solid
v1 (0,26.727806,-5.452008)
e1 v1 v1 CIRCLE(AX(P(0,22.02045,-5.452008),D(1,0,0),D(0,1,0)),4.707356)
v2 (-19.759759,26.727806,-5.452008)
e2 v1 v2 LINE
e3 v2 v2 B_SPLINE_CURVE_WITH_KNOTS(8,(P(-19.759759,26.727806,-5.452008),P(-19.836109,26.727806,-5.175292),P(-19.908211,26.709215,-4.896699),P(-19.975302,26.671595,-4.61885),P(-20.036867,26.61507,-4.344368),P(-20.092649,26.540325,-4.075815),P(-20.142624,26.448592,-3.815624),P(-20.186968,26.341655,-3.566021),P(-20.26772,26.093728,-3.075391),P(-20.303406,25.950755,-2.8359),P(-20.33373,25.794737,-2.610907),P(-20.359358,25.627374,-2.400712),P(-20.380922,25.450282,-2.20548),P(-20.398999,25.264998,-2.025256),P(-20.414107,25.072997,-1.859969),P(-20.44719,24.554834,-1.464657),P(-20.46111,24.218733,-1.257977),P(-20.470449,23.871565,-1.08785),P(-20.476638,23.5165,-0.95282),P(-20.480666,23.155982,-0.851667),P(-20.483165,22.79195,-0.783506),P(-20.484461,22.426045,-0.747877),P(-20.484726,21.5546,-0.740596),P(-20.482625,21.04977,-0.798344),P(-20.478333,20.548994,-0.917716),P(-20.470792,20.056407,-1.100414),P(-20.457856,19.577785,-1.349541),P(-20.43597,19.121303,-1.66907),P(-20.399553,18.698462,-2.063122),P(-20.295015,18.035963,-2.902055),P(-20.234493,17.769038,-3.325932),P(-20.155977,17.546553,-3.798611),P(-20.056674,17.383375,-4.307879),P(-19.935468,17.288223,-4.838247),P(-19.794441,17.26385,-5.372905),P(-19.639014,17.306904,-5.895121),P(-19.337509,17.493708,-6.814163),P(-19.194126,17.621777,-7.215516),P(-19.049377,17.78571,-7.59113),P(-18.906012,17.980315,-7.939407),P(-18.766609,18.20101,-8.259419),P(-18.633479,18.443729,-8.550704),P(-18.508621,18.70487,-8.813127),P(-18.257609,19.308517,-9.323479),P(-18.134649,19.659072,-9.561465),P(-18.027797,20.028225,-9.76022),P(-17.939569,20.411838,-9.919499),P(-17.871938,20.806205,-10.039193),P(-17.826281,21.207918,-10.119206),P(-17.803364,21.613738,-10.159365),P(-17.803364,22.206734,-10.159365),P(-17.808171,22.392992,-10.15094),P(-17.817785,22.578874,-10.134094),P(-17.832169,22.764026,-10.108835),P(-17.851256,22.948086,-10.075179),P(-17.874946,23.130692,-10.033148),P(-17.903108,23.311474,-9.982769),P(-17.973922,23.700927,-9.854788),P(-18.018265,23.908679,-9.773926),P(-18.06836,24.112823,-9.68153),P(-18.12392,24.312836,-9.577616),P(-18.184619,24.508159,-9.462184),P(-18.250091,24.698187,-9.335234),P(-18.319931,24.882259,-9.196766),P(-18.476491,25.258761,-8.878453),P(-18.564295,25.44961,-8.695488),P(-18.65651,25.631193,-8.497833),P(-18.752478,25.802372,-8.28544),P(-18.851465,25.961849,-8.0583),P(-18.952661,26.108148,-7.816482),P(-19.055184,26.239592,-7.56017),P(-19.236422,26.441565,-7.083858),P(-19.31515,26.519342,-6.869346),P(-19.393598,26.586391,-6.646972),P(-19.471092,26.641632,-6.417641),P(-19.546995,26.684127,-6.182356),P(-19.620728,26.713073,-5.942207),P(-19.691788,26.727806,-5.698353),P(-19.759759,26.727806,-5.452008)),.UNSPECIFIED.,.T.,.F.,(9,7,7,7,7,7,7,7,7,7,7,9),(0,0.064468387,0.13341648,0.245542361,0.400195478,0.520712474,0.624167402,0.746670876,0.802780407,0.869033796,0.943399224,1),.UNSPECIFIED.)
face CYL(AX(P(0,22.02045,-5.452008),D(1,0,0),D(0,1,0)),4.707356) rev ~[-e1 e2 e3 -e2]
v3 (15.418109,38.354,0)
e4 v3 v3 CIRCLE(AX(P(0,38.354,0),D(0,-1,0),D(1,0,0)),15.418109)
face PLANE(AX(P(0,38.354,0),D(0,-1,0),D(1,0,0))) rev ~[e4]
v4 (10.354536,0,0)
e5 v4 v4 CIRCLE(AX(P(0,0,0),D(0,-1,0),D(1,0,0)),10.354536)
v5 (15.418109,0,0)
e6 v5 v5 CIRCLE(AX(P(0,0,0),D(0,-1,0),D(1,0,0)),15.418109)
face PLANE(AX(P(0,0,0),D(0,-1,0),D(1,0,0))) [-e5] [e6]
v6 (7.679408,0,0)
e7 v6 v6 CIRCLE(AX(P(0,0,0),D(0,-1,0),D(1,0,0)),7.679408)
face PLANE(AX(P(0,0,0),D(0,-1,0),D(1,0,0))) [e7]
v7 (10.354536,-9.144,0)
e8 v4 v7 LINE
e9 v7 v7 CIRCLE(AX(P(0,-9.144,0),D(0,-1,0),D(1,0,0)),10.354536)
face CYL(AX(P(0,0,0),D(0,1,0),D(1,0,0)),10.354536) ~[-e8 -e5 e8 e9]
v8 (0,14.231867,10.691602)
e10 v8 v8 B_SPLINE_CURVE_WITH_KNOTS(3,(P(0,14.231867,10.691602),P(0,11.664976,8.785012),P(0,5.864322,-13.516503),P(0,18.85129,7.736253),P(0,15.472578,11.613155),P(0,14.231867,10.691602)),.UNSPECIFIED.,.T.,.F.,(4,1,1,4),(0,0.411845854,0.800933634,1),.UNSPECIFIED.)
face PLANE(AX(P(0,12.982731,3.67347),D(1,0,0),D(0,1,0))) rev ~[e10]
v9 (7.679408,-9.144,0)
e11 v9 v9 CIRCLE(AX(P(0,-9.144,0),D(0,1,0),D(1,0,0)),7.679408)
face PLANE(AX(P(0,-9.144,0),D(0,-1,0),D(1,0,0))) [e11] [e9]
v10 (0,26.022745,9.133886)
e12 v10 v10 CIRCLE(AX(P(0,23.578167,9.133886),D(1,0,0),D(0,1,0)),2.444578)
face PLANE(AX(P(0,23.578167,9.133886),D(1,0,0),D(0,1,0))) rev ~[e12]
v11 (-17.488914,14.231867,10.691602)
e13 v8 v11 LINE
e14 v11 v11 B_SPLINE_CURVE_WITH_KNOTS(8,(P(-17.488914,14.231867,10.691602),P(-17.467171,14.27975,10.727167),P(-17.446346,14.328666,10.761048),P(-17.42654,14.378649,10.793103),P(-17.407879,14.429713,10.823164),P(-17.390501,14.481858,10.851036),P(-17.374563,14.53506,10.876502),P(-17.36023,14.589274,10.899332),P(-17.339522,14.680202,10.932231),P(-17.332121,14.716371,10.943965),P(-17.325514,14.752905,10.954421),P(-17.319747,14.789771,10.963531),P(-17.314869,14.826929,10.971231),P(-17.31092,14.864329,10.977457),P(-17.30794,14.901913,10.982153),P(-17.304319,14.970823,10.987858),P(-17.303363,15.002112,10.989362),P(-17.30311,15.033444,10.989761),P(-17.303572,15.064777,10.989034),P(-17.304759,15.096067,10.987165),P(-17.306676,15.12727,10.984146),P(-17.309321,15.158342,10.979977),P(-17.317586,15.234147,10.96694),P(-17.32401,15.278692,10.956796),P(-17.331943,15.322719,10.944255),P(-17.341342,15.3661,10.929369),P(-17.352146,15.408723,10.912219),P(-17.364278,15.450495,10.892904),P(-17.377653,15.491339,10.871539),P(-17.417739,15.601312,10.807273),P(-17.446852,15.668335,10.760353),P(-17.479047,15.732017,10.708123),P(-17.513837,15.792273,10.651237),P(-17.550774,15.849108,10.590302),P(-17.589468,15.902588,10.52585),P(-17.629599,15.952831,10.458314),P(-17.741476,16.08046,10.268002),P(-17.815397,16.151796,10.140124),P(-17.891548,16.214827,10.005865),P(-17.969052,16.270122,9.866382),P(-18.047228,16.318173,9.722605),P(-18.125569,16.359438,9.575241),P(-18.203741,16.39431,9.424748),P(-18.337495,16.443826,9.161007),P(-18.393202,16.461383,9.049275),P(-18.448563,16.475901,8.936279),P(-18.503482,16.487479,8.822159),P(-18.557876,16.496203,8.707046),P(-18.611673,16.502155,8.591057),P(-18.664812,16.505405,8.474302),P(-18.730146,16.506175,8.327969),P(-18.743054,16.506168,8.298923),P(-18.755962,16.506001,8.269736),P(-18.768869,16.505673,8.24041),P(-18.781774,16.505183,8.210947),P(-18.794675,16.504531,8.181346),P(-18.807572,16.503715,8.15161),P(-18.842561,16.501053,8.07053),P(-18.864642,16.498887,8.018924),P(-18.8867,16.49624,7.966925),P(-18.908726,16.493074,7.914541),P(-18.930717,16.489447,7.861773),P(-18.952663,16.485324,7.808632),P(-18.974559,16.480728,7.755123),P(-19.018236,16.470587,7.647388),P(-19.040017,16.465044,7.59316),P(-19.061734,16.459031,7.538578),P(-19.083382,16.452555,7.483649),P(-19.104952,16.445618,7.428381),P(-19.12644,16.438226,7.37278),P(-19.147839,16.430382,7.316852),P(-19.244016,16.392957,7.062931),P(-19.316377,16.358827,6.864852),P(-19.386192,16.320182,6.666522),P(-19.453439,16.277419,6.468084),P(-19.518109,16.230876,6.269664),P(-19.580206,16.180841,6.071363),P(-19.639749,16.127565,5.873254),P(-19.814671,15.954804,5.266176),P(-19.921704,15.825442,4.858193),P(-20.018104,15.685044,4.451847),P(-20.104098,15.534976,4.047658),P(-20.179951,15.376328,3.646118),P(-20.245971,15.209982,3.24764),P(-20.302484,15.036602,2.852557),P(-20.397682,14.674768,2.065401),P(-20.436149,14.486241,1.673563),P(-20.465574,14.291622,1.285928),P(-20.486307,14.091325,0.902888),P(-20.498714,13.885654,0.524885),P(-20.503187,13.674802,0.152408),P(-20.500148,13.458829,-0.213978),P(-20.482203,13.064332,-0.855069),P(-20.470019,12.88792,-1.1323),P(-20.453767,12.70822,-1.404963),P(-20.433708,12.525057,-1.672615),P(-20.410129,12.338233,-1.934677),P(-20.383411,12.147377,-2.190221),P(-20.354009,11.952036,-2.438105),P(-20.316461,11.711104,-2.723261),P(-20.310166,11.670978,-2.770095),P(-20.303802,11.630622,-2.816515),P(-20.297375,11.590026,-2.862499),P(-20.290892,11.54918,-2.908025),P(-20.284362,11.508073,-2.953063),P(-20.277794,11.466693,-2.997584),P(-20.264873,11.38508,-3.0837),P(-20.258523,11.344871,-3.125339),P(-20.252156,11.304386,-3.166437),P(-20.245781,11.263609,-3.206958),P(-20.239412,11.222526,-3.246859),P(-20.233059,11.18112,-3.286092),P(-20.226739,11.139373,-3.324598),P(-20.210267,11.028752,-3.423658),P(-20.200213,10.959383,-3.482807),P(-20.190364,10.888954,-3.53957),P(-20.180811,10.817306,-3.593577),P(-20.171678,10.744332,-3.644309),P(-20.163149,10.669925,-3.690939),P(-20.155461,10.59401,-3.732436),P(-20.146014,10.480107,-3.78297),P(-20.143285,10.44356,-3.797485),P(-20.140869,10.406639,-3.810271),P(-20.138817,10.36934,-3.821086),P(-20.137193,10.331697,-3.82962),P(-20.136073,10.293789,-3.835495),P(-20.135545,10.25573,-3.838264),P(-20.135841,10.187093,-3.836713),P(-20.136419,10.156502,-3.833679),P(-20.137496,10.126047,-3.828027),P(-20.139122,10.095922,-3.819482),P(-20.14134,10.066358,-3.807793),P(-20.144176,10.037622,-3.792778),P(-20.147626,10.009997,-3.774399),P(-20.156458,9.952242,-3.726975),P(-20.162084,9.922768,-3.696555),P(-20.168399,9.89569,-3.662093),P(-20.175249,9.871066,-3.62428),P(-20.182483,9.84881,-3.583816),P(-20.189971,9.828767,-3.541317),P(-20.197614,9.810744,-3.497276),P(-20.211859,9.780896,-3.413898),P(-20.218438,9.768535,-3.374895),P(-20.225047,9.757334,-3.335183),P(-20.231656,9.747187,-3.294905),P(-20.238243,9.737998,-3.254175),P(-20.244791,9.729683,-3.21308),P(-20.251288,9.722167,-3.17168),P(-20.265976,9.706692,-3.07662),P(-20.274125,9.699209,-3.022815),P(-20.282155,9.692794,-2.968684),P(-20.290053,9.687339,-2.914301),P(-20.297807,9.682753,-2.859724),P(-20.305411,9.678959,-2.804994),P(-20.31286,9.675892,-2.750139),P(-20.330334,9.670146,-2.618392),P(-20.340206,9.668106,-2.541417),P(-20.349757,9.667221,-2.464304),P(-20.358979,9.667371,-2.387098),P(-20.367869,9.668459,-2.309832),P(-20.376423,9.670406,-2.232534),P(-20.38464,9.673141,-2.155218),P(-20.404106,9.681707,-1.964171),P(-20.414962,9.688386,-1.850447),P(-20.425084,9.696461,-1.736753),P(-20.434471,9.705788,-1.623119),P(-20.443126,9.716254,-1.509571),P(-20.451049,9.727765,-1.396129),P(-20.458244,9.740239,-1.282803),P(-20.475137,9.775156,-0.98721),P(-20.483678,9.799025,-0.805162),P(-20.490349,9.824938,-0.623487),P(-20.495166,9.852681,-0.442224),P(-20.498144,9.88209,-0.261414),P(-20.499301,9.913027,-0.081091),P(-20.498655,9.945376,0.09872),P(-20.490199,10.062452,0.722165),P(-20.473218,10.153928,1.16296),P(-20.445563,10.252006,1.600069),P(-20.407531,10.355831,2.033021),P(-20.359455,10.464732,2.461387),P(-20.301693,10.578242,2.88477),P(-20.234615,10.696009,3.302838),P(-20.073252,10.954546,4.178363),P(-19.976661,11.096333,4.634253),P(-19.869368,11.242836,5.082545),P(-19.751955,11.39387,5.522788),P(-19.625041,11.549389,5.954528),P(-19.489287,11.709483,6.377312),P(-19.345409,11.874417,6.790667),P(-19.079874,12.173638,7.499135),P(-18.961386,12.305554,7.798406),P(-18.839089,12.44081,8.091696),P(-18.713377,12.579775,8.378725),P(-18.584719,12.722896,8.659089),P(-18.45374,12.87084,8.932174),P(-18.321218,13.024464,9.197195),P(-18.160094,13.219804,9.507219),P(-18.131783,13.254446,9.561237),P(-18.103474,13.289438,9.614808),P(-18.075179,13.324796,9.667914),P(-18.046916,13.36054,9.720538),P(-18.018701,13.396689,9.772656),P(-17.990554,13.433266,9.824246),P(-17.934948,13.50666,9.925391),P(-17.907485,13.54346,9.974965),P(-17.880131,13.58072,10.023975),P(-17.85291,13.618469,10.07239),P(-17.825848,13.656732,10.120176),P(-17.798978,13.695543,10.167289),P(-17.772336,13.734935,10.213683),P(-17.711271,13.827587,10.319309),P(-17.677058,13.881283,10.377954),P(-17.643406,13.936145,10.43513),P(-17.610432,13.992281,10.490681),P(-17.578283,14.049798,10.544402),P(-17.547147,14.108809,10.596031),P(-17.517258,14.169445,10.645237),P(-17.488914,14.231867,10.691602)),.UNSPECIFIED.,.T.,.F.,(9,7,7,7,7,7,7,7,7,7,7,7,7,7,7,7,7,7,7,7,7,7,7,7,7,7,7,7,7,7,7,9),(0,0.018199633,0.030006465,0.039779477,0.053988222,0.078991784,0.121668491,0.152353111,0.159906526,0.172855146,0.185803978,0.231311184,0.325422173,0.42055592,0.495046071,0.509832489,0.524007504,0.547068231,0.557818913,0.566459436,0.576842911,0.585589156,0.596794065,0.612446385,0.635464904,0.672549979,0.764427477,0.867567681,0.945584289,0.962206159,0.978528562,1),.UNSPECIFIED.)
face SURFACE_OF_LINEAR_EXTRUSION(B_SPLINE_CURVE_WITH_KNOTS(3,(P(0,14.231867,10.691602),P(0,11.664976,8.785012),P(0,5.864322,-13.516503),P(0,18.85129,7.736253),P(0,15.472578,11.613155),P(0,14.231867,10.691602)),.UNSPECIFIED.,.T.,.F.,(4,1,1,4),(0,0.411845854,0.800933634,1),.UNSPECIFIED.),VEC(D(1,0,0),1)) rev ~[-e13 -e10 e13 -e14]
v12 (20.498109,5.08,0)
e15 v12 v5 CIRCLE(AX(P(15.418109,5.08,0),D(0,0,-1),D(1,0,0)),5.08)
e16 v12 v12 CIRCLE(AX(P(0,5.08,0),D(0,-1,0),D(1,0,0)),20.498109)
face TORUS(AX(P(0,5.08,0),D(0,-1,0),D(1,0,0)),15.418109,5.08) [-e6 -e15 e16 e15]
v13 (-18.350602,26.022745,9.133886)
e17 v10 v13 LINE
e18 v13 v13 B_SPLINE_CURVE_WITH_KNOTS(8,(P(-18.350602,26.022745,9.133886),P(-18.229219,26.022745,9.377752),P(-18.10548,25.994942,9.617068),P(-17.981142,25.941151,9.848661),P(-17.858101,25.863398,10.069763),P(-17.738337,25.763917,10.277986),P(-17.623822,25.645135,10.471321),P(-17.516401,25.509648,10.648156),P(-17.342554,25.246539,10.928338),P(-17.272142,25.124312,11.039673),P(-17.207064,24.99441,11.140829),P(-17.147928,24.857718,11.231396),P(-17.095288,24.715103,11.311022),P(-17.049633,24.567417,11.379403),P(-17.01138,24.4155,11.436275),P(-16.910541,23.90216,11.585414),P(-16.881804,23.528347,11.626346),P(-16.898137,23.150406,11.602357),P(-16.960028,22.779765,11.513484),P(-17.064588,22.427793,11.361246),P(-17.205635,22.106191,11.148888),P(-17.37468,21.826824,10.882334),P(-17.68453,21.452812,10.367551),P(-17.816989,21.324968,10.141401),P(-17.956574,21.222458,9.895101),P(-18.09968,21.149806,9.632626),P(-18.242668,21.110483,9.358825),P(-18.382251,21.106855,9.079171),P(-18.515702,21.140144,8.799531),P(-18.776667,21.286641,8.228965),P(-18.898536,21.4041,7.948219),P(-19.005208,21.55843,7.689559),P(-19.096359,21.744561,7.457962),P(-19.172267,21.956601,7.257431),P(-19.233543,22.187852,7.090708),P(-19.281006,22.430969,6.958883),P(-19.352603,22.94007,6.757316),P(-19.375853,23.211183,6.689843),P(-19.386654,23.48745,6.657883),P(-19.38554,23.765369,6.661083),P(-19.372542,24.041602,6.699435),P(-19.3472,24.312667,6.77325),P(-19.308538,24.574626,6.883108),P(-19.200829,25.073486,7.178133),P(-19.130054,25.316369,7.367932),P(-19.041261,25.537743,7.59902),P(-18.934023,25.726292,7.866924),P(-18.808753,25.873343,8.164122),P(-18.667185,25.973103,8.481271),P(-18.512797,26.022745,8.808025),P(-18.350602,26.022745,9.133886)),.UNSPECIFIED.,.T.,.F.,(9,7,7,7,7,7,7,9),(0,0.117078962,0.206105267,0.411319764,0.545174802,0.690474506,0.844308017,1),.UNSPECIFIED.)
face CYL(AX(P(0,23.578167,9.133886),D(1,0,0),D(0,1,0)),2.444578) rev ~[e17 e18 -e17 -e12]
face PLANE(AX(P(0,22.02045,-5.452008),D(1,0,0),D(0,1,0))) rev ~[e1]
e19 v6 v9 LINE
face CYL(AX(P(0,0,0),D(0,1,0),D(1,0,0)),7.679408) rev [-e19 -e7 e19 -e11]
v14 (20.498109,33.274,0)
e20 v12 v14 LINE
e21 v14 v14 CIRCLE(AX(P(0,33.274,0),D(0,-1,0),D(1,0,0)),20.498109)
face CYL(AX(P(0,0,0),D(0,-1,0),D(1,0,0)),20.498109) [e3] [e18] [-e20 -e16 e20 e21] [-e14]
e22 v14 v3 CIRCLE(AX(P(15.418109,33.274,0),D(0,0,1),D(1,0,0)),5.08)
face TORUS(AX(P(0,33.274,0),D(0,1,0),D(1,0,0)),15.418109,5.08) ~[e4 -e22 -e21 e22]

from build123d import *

# Parameters (mm, degrees)
F0_R      = 20.498108569
F1_DEPTH  = 38.354
F2_R      = 5.08
F3_R      = 10.3545358817
F4_DEPTH  = 9.144
F5_R      = 7.6794076655
F4_FACE_R = 10.3545358817
F6_DEPTH  = 20.066
F7_R      = 2.4445782071
F7_R_2    = 4.7073560898
F8_DEPTH  = 51.308


with BuildPart() as f1:
    # F0 (on Front) → F1 (new body)
    with BuildSketch(Plane.XZ):
        Circle(F0_R)
    extrude(amount=-F1_DEPTH)

    # F2
    f2_edges = [f1.edges().sort_by_distance(p)[0] for p in [
        (-20.498109, 0, 0),
        (-20.498109, 38.354, 0),
    ]]
    fillet(f2_edges, radius=F2_R)

    # F3 (on Front) → F4 (join)
    with BuildSketch(Plane.XZ):
        Circle(F3_R)
    extrude(amount=F4_DEPTH)

    # F5 (on Front) + F4_face (on face) → F6 (cut)
    with BuildSketch(Plane.XZ):
        Circle(F5_R)
    with BuildSketch(Plane.XZ.offset(9.144)):
        Circle(F4_FACE_R)
    extrude(amount=F6_DEPTH, mode=Mode.SUBTRACT)

    # F7 (on Right) → F8 (cut)
    with BuildSketch(Plane.YZ):
        with Locations((23.5781669617, 9.1338856146)):
            Circle(F7_R)
        with Locations((22.0204498619, -5.4520084523)):
            Circle(F7_R_2)
        with BuildLine():
            add(Edge.make_bspline(
                [(14.2318671569, 10.691601783), (11.6649759051, 8.7850122349), (5.8643220815, -13.5165030483), (18.8512904338, 7.7362532922), (15.4725782315, 11.6131549519), (14.2318671569, 10.691601783)],
                knots=[0, 0, 0, 0, 0.4118458542, 0.8009336344, 1, 1, 1, 1], degree=3))
        make_face()
    extrude(amount=-F8_DEPTH, mode=Mode.SUBTRACT)


solid = f1.part
